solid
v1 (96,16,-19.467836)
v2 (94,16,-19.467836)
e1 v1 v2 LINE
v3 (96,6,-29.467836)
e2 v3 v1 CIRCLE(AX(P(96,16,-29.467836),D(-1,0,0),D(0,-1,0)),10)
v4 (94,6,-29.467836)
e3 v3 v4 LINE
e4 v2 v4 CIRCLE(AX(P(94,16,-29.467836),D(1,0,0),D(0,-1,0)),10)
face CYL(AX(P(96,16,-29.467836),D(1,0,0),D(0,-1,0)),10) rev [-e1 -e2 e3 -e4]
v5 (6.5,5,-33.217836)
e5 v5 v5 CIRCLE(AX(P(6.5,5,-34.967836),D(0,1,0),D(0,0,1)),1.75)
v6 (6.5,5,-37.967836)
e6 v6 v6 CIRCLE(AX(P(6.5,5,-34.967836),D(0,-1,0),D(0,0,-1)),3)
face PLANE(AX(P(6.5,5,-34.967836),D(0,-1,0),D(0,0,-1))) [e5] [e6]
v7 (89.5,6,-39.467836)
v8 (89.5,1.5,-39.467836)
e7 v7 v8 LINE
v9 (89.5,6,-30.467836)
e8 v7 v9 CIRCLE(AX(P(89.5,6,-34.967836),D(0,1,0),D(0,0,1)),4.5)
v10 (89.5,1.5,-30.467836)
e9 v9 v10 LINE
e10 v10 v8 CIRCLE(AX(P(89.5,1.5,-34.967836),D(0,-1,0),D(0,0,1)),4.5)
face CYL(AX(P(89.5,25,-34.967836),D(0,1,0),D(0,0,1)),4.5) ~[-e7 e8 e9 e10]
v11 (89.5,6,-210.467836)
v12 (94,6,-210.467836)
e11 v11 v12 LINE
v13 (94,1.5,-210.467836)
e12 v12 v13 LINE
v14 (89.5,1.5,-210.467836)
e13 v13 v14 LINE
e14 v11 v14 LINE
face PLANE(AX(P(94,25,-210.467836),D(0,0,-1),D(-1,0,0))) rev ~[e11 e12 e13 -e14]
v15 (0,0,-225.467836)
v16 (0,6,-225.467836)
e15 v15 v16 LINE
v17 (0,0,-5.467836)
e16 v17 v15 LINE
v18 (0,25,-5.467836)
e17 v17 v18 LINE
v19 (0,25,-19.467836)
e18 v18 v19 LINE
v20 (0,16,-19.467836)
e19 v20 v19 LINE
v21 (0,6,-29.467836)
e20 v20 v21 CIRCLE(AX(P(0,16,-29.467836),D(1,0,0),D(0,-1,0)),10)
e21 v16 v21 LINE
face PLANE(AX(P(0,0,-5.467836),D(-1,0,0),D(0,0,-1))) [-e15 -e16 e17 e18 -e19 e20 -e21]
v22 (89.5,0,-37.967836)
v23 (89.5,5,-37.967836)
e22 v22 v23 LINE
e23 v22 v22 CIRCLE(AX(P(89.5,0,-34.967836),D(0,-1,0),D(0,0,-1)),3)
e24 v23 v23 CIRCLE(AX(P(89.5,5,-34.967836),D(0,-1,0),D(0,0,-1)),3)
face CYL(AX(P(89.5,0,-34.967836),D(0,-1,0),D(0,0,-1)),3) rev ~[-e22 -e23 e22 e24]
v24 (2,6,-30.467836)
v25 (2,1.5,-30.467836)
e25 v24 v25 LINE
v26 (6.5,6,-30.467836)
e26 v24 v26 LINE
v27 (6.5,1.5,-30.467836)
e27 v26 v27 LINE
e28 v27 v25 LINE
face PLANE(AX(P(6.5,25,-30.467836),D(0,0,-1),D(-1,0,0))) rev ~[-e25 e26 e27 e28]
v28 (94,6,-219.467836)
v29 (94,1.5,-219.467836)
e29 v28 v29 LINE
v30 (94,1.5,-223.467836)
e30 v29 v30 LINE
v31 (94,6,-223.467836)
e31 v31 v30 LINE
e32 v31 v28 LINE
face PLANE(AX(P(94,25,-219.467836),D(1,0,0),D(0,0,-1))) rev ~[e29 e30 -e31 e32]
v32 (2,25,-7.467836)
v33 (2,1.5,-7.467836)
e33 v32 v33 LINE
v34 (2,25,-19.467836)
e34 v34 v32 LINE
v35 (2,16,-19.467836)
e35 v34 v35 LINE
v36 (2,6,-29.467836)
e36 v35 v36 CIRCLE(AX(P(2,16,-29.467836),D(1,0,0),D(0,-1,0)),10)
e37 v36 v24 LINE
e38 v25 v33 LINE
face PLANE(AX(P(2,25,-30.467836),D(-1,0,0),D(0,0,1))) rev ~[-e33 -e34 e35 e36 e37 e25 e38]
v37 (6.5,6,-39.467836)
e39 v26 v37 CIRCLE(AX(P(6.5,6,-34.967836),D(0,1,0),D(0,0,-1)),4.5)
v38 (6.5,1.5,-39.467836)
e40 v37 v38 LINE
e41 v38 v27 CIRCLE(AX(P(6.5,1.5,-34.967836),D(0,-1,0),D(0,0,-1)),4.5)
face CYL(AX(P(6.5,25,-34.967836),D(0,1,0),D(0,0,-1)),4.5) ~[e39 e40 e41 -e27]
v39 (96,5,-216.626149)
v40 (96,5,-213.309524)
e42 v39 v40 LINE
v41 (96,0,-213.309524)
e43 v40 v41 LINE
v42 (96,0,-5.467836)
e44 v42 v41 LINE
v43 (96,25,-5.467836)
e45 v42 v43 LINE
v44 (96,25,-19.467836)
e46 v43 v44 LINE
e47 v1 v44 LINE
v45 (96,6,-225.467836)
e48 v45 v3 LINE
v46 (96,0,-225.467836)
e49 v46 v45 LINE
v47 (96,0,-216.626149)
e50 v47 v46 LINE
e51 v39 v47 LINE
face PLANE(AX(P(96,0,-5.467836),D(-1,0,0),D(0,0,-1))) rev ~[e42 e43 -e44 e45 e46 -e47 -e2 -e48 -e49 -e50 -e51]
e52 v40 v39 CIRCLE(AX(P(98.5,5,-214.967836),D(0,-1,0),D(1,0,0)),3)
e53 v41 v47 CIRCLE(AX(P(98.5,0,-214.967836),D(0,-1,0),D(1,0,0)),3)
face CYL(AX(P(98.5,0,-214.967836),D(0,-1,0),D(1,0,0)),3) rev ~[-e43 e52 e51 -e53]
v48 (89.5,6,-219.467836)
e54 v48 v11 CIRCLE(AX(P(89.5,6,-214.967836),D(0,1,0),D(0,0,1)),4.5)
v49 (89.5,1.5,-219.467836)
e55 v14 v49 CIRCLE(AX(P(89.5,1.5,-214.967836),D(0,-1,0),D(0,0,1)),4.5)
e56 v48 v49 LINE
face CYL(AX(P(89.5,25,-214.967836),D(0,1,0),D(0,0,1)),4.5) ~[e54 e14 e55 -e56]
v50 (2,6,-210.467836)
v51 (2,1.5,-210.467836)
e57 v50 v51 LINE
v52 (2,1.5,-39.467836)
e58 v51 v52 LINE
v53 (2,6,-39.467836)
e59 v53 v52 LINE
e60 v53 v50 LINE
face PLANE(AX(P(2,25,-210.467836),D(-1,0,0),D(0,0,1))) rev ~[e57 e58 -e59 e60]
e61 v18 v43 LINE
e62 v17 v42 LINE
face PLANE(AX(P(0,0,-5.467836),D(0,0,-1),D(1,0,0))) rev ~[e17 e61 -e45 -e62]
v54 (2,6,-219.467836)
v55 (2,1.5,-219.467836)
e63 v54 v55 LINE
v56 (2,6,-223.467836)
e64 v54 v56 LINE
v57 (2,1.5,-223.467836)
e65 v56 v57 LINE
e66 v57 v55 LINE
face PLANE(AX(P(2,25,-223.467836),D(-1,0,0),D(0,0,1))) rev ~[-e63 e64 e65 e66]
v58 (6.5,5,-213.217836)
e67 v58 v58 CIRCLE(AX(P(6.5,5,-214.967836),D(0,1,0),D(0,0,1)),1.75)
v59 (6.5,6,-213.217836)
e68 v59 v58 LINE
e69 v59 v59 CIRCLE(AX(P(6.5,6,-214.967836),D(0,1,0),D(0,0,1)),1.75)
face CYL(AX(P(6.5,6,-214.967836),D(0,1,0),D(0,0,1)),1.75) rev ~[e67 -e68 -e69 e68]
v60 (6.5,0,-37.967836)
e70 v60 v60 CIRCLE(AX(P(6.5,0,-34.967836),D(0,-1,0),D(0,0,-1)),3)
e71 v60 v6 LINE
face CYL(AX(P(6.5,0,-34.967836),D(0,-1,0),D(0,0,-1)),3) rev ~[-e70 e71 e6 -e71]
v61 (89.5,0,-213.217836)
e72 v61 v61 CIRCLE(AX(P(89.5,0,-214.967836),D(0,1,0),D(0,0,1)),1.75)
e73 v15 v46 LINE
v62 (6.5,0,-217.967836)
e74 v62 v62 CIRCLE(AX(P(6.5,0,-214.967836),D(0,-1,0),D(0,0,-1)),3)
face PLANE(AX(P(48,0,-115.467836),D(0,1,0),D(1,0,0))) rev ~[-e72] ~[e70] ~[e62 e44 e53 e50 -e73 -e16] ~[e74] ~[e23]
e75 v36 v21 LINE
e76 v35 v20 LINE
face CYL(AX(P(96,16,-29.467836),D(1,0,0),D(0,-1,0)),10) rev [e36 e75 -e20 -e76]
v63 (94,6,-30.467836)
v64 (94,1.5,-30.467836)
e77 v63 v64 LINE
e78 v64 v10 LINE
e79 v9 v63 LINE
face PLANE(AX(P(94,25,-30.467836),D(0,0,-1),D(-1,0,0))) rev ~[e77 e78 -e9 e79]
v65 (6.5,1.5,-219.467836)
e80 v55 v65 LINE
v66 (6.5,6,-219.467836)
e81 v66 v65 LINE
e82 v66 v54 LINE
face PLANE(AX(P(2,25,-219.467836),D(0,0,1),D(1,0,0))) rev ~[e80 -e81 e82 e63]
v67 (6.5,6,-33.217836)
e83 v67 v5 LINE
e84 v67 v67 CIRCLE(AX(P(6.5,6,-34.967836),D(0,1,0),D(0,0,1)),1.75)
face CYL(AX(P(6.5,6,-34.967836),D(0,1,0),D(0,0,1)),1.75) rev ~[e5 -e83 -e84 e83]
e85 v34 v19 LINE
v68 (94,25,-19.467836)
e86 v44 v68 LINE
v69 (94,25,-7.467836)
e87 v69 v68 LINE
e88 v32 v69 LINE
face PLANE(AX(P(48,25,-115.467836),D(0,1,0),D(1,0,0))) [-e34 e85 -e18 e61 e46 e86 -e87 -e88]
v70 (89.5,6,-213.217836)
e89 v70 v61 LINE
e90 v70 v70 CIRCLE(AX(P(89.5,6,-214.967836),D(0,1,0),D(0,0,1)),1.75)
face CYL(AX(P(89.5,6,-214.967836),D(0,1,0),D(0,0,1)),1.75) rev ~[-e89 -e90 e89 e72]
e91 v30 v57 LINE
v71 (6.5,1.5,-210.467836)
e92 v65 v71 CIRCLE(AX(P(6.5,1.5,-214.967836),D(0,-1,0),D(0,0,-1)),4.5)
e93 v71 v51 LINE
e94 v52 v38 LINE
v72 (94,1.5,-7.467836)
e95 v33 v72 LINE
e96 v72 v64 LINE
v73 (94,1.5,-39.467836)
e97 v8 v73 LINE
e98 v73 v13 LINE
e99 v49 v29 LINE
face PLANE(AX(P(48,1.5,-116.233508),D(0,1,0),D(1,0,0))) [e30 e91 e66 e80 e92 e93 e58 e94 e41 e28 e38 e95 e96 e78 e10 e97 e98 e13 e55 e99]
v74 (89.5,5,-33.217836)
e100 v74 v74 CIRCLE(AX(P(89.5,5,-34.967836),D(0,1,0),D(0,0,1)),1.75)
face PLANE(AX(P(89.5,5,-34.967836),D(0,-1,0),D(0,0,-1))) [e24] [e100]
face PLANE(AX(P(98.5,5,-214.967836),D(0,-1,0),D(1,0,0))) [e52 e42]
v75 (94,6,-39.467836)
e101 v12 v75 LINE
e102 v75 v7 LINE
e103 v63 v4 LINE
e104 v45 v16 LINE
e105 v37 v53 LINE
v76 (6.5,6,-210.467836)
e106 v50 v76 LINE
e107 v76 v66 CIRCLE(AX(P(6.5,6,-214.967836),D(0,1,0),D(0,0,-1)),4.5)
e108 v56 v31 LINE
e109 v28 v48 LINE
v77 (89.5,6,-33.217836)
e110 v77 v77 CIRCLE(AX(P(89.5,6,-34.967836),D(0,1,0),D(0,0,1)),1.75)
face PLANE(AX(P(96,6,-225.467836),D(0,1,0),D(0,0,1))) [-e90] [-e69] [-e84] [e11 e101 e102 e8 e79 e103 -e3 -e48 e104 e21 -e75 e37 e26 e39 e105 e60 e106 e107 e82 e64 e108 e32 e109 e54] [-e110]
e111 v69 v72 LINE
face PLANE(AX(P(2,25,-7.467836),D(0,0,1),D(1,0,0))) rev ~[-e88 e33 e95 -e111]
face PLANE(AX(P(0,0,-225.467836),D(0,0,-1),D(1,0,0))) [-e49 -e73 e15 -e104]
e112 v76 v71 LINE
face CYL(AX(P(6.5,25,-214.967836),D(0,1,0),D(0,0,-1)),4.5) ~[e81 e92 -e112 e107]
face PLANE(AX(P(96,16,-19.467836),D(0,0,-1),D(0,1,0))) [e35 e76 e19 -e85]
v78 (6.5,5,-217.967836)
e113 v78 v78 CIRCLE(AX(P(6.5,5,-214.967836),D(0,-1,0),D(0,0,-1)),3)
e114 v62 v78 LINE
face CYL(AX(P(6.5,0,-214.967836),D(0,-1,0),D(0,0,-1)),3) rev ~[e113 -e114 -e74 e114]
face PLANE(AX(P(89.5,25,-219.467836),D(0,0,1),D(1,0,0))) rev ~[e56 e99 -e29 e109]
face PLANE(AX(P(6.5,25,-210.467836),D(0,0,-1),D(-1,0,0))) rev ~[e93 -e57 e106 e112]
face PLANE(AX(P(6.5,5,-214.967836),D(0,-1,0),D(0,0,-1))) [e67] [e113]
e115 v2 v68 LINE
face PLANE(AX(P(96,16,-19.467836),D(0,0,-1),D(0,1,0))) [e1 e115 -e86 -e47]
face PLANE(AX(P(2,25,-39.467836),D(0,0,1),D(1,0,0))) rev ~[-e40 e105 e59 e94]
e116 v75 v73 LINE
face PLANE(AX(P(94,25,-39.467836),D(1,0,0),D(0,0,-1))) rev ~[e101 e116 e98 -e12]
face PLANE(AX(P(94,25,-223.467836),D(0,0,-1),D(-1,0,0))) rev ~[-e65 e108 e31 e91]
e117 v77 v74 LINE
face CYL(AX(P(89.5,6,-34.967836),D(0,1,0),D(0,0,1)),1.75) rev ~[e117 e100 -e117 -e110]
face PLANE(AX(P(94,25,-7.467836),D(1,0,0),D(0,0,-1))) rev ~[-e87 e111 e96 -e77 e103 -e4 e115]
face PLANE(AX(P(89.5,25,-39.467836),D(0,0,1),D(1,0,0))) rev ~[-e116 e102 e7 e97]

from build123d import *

# Parameters (mm, degrees)
SKETCH1_W           = 96
SKETCH1_H           = 220
BOSS_EXTRUDE1_DEPTH = 25
CUT_EXTRUDE1_DEPTH  = 23.5
CUT_EXTRUDE2_REACH  = 248.327
CUT_EXTRUDE3_REACH  = 247.79
SKETCH4_R           = 1.75
SKETCH5_R           = 3
CUT_EXTRUDE4_DEPTH  = 5


with BuildPart() as part:
    # Sketch1 → Boss-Extrude1 (new body)
    with BuildSketch(Plane(origin=(0, 0, 0), x_dir=(1, 0, 0), z_dir=(0, 1, 0))):
        with Locations((48, 115.467836257)):
            Rectangle(SKETCH1_W, SKETCH1_H)
    extrude(amount=BOSS_EXTRUDE1_DEPTH)

    # Sketch2 → Cut-Extrude1 (cut)
    with BuildSketch(Plane(origin=(0, 25, 0), x_dir=(1, 0, 0), z_dir=(0, 1, 0))):
        with BuildLine():
            Line((2, 223.467836257), (2, 219.467836257))
            Line((2, 219.467836257), (6.5, 219.467836257))
            ThreePointArc((6.5, 219.467836257), (11, 214.967836257), (6.5, 210.467836257))
            Line((6.5, 210.467836257), (2, 210.467836257))
            Line((2, 210.467836257), (2, 39.467836257))
            Line((2, 39.467836257), (6.5, 39.467836257))
            ThreePointArc((6.5, 39.467836257), (11, 34.967836257), (6.5, 30.467836257))
            Line((6.5, 30.467836257), (2, 30.467836257))
            Line((2, 30.467836257), (2, 7.467836257))
            Line((2, 7.467836257), (94, 7.467836257))
            Line((94, 7.467836257), (94, 30.467836257))
            Line((94, 30.467836257), (89.5, 30.467836257))
            ThreePointArc((89.5, 30.467836257), (85, 34.967836257), (89.5, 39.467836257))
            Line((89.5, 39.467836257), (94, 39.467836257))
            Line((94, 39.467836257), (94, 210.467836257))
            Line((94, 210.467836257), (89.5, 210.467836257))
            ThreePointArc((89.5, 210.467836257), (85, 214.967836257), (89.5, 219.467836257))
            Line((89.5, 219.467836257), (94, 219.467836257))
            Line((94, 219.467836257), (94, 223.467836257))
            Line((94, 223.467836257), (2, 223.467836257))
        make_face()
    extrude(amount=-CUT_EXTRUDE1_DEPTH, mode=Mode.SUBTRACT)

    # Cut-Extrude2: up to this face of the body (flat: up to its plane)
    cut_extrude2_end = Plane(part.part.faces().sort_by_distance((0, 12.5, -115.467836257))[0])
    # Sketch3 → Cut-Extrude2 (cut, up to the picked face)
    with BuildSketch(Plane(origin=(96, 0, 0), x_dir=(0, 0, -1), z_dir=(1, 0, 0)), mode=Mode.PRIVATE) as cut_extrude2_sk1:
        with BuildLine():
            Line((225.467836257, 6), (29.467836257, 6))
            ThreePointArc((29.467836257, 6), (22.396768445, 8.928932188), (19.467836257, 16))
            Line((19.467836257, 16), (19.467836257, 25))
            Line((19.467836257, 25), (225.467836257, 25))
            Line((225.467836257, 25), (225.467836257, 6))
        make_face()
    cut_extrude2_tool1 = split(extrude(cut_extrude2_sk1.sketch, amount=-CUT_EXTRUDE2_REACH, mode=Mode.PRIVATE), bisect_by=cut_extrude2_end, keep=Keep.BOTH, mode=Mode.PRIVATE)
    add(cut_extrude2_tool1.solids().sort_by(Axis((96, 15.54006, -123.023377), (-1, 0, 0)))[0], mode=Mode.SUBTRACT)

    # Sketch4 → Cut-Extrude3 (cut, up to next)
    with BuildSketch(Plane(origin=(0, 6, 0), x_dir=(1, 0, 0), z_dir=(0, 1, 0)), mode=Mode.PRIVATE) as cut_extrude3_sk1:
        with Locations(Location((6.5, 34.967836257, 0), (0, 0, 270))):
            Circle(SKETCH4_R)
    cut_extrude3_tool1 = extrude(cut_extrude3_sk1.sketch, amount=-CUT_EXTRUDE3_REACH, mode=Mode.PRIVATE) & part.part
    # Sketch4 → Cut-Extrude3 (cut, up to next)
    with BuildSketch(Plane(origin=(0, 6, 0), x_dir=(1, 0, 0), z_dir=(0, 1, 0)), mode=Mode.PRIVATE) as cut_extrude3_sk2:
        with Locations(Location((89.5, 34.967836257, 0), (0, 0, 270))):
            Circle(SKETCH4_R)
    cut_extrude3_tool2 = extrude(cut_extrude3_sk2.sketch, amount=-CUT_EXTRUDE3_REACH, mode=Mode.PRIVATE) & part.part
    # Sketch4 → Cut-Extrude3 (cut, up to next)
    with BuildSketch(Plane(origin=(0, 6, 0), x_dir=(1, 0, 0), z_dir=(0, 1, 0)), mode=Mode.PRIVATE) as cut_extrude3_sk3:
        with Locations(Location((89.5, 214.967836257, 0), (0, 0, 270))):
            Circle(SKETCH4_R)
    cut_extrude3_tool3 = extrude(cut_extrude3_sk3.sketch, amount=-CUT_EXTRUDE3_REACH, mode=Mode.PRIVATE) & part.part
    # Sketch4 → Cut-Extrude3 (cut, up to next)
    with BuildSketch(Plane(origin=(0, 6, 0), x_dir=(1, 0, 0), z_dir=(0, 1, 0)), mode=Mode.PRIVATE) as cut_extrude3_sk4:
        with Locations(Location((6.5, 214.967836257, 0), (0, 0, 270))):
            Circle(SKETCH4_R)
    cut_extrude3_tool4 = extrude(cut_extrude3_sk4.sketch, amount=-CUT_EXTRUDE3_REACH, mode=Mode.PRIVATE) & part.part
    add(cut_extrude3_tool1.solids().sort_by_distance((6.5, 6, -34.967836))[0], mode=Mode.SUBTRACT)
    add(cut_extrude3_tool2.solids().sort_by_distance((89.5, 6, -34.967836))[0], mode=Mode.SUBTRACT)
    add(cut_extrude3_tool3.solids().sort_by_distance((89.5, 6, -214.967836))[0], mode=Mode.SUBTRACT)
    add(cut_extrude3_tool4.solids().sort_by_distance((6.5, 6, -214.967836))[0], mode=Mode.SUBTRACT)

    # Sketch5 → Cut-Extrude4 (cut)
    with BuildSketch(Plane.XZ):
        with Locations(Location((6.5, -34.967836257, 0), (0, 0, 270))):
            Circle(SKETCH5_R)
        with Locations(Location((89.5, -34.967836257, 0), (0, 0, 270))):
            Circle(SKETCH5_R)
        with Locations(Location((6.5, -214.967836257, 0), (0, 0, 270))):
            Circle(SKETCH5_R)
        with Locations((98.5, -214.967836257)):
            Circle(SKETCH5_R)
    extrude(amount=-CUT_EXTRUDE4_DEPTH, mode=Mode.SUBTRACT)


solid = part.part
